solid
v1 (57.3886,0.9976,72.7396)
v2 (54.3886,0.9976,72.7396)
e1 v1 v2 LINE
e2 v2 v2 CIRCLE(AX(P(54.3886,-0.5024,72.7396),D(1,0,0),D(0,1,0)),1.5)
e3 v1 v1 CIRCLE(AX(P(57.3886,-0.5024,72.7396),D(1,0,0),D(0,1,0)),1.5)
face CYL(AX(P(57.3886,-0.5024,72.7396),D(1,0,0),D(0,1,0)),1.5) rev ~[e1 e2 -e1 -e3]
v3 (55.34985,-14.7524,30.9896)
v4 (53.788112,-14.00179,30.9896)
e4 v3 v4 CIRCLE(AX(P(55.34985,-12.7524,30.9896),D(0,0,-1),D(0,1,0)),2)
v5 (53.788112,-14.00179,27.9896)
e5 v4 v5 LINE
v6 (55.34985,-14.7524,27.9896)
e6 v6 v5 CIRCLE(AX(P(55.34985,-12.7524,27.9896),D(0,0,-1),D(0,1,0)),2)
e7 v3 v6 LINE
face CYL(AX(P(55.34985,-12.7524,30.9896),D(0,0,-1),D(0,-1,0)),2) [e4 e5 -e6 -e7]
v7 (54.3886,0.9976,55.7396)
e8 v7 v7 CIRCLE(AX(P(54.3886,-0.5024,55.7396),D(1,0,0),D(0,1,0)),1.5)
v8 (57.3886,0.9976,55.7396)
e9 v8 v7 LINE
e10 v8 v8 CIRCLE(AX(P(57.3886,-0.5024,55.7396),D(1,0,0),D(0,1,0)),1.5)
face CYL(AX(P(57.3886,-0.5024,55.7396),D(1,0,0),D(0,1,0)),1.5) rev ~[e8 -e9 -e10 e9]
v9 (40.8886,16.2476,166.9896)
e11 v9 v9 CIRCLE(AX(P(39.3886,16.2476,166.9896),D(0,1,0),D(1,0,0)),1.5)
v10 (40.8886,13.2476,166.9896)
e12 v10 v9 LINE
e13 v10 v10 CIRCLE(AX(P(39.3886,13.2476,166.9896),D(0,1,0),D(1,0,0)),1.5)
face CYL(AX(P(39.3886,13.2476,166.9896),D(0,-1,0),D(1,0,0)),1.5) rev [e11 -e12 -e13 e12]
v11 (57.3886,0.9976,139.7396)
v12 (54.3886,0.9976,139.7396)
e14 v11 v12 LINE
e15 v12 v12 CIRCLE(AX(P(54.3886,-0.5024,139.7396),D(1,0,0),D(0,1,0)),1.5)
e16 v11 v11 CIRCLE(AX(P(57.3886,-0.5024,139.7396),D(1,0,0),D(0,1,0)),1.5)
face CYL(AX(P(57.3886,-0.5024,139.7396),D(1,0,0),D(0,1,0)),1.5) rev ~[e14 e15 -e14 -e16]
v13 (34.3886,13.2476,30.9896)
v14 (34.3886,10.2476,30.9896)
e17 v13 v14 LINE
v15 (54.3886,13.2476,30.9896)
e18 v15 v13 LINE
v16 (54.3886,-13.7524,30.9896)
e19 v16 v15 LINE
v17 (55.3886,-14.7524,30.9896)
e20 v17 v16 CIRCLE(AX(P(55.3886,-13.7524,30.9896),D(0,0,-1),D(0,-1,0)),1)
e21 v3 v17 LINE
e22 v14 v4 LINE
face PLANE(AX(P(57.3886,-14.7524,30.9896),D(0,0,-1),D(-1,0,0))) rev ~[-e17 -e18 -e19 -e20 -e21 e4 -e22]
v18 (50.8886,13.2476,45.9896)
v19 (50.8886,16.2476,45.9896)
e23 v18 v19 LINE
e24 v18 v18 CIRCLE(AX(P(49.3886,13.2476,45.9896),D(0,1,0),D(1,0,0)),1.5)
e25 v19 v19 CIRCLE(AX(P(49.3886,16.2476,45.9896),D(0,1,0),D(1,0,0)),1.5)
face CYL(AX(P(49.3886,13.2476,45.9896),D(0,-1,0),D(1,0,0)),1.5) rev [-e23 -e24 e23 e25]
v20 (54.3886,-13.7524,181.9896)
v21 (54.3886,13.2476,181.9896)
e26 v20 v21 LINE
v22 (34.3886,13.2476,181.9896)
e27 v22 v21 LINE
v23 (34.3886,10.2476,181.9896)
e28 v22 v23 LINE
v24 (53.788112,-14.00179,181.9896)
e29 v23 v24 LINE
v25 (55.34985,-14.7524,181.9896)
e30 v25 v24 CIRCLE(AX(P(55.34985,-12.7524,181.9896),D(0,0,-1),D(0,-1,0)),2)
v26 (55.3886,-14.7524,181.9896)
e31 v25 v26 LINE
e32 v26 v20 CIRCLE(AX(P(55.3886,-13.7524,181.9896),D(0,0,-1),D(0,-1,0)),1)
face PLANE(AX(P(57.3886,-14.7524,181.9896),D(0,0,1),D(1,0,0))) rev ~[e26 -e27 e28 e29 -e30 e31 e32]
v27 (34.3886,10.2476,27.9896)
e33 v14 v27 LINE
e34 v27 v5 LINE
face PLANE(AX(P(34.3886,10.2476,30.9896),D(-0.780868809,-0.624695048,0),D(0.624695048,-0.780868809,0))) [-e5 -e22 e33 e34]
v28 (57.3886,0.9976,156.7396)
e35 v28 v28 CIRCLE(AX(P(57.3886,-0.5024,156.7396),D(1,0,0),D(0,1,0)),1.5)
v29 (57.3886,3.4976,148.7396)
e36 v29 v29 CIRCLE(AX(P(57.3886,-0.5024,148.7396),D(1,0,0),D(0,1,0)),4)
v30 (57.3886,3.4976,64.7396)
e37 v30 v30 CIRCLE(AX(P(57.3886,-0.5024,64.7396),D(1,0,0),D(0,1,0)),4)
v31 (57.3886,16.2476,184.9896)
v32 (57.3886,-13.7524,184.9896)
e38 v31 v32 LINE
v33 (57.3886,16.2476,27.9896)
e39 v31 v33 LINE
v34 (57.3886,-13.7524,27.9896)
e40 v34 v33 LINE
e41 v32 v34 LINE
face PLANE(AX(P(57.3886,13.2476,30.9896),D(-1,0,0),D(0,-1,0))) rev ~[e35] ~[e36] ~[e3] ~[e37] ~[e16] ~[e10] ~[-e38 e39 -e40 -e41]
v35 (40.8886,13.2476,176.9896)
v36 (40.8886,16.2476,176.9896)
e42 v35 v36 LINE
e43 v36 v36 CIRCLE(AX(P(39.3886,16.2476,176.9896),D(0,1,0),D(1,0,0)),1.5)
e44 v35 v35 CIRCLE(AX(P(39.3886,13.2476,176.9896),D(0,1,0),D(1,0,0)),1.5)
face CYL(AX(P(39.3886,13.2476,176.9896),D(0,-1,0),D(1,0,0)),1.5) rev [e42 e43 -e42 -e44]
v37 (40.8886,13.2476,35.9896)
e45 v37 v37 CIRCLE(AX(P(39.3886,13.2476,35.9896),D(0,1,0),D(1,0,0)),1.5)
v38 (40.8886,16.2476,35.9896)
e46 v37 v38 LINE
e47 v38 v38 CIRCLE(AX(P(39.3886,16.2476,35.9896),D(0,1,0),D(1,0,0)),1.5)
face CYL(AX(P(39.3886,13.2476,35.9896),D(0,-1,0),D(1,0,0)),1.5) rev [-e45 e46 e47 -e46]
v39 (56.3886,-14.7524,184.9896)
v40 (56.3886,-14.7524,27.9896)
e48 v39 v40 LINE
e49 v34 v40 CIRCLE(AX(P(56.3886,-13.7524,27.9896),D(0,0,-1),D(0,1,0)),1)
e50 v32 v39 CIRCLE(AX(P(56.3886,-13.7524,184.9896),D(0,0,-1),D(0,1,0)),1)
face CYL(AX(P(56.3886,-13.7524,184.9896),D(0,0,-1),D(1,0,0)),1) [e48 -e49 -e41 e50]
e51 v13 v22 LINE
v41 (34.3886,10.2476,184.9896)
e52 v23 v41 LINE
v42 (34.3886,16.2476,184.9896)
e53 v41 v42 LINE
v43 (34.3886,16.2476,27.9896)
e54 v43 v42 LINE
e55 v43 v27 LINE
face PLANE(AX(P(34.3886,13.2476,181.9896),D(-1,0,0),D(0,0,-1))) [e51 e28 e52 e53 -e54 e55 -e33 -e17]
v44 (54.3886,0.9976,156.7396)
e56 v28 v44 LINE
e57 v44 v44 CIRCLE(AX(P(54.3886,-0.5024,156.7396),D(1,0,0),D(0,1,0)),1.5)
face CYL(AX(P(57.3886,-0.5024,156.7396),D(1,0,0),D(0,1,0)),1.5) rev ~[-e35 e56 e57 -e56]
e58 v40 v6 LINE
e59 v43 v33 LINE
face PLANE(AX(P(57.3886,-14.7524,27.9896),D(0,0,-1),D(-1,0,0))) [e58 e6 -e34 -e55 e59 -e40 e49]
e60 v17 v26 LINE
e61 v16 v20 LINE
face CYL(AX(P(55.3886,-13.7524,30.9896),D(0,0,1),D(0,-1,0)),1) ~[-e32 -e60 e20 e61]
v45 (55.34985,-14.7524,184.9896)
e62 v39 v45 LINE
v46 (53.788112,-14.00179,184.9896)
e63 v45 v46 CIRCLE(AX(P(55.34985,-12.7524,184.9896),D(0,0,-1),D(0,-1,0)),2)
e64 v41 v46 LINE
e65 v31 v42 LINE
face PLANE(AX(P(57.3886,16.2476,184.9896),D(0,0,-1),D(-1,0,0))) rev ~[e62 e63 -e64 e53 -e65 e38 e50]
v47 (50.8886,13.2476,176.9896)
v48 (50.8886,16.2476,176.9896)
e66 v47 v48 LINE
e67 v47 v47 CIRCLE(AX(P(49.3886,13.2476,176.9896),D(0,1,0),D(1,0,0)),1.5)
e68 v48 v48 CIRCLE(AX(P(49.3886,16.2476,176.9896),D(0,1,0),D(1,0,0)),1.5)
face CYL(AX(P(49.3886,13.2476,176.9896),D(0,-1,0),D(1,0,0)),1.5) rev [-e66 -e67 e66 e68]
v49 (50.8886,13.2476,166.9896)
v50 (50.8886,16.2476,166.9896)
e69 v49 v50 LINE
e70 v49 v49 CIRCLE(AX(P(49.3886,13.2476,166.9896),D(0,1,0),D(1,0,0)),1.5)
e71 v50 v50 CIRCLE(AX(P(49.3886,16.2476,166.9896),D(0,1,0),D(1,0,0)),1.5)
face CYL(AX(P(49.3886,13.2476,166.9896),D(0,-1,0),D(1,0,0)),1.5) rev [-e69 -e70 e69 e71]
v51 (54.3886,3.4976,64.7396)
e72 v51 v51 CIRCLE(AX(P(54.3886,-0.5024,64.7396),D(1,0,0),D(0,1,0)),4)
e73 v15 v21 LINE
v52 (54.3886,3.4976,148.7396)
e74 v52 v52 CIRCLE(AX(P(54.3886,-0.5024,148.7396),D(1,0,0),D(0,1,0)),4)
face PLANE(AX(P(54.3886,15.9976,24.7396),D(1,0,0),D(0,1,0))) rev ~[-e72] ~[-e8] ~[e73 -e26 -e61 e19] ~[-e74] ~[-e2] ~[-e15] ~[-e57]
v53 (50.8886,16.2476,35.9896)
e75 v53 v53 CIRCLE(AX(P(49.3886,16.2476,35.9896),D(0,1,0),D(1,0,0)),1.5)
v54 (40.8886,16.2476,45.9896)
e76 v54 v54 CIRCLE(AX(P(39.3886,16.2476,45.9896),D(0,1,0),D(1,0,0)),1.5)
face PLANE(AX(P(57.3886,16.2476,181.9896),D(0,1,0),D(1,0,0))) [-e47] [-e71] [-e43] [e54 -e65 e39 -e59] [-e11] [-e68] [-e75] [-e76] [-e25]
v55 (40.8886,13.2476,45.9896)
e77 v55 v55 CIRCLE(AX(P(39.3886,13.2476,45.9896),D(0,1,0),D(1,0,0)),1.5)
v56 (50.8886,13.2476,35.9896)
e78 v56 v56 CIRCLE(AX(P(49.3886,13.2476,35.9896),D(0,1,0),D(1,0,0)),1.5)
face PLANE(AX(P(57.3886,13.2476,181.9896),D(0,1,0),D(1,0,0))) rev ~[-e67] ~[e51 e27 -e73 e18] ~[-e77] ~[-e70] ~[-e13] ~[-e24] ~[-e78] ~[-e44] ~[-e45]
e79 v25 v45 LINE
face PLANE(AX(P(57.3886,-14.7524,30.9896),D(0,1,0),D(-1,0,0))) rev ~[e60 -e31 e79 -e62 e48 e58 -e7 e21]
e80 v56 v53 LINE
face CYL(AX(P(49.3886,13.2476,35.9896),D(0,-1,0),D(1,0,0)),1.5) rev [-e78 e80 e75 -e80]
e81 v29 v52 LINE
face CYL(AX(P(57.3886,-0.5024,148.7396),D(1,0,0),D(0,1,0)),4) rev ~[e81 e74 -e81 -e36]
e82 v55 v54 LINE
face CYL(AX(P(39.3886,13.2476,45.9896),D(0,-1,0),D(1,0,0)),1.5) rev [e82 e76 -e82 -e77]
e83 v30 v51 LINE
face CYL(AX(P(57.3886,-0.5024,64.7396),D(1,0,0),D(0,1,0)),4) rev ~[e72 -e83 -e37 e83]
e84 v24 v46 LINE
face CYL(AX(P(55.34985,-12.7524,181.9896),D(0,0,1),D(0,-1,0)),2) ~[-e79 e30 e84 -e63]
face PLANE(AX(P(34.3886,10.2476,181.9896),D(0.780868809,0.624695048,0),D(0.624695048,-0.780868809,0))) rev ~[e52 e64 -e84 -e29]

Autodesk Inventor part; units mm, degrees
ref_plane "YZ Plane" through (0, 0, 0) normal (1, 0, 0) x (0, 1, 0)
ref_plane "XZ Plane" through (0, 0, 0) normal (0, 1, 0) x (-1, 0, 0)
ref_plane "XY Plane" through (0, 0, 0) normal (0, 0, 1) x (1, 0, 0)
ref_plane "РабПлоскость1" through (57.3886, 15.9976, 24.7396) normal (1, 0, 0) x (0, 1, 0)
sketch "Эскиз1" plane through (57.3886, 15.9976, 24.7396) normal (1, 0, 0) x (0, 1, 0)
  circle A0 centre (-16.5, 48) radius 1.5
  circle A1 centre (-16.5, 31) radius 1.5
  circle A2 centre (-16.5, 40) radius 4
  circle A3 centre (-16.5, 40) radius 12.75
  circle A4 centre (-16.5, 132) radius 1.5
  circle A5 centre (-16.5, 115) radius 1.5
  circle A6 centre (-16.5, 124) radius 4
  circle A7 centre (-16.5, 124) radius 12.75
  line L0 (-3.75, 40) -> (-2.75, 40)
  line L1 (-30.75, 6.25) -> (-30.75, 157.25)
  line L2 (-30.75, 157.25) -> (-2.75, 157.25)
  line L3 (-30.75, 6.25) -> (0.25, 6.25)
  line L4 (0.25, 6.25) -> (0.25, 157.25)
  line L5 (0.25, 157.25) -> (-30.75, 157.25)
  line L6 (-30.75, 157.25) -> (-30.75, 6.25)
  point P0 (-15.9976, -24.7396)
  point P1 (-15.5, 28.25)
  point P2 (-2.75, 157.25)
  dimension "d15" = 25.5
  dimension "d43" = 25.5
  dimension "d44" = 1
  dimension "d45" = 28
  dimension "d46" = 151
  dimension "d79" = 31
ref_plane "РабПлоскость2" through (57.3886, 13.2476, 181.9896) normal (0, 1, 0) x (1, 0, 0)
sketch "Эскиз5" plane through (57.3886, 13.2476, 181.9896) normal (0, 1, 0) x (1, 0, 0)
  line L0 (-3, 0) -> (-23, 0)
  line L1 (-23, 0) -> (-23, 20)
  line L2 (-3, 20) -> (-3, 0)
  line L3 (-3, 151) -> (-3, 0) projected
  line L4 (-23, 0) -> (-3, 0)
  line L5 (-3, 0) -> (-3, 5)
  line L6 (-23, 5) -> (-23, 0)
  line L7 (-23, 0) -> (-18, 0)
  line L8 (-23, 20) -> (-23, 0)
  line L9 (-3, 20) -> (-3, 15)
  line L10 (-23, 15) -> (-23, 20)
  line L11 (-8, 0) -> (-3, 0)
  line L12 (-3, 0) -> (-3, 20)
  circle A0 centre (-18, 5) radius 1.5
  circle A1 centre (-18, 15) radius 1.5
  circle A2 centre (-8, 15) radius 1.5
  circle A3 centre (-8, 5) radius 1.5
  line L13 (-3, 151) -> (-23, 151)
  line L14 (-23, 151) -> (-23, 131)
  line L15 (-3, 131) -> (-3, 151)
  line L16 (-3, 151) -> (-23, 151)
  line L17 (-23, 151) -> (-23, 146)
  line L18 (-3, 146) -> (-3, 151)
  line L19 (-23, 151) -> (-18, 151)
  line L20 (-23, 131) -> (-23, 151)
  line L21 (-3, 131) -> (-3, 136)
  line L22 (-23, 136) -> (-23, 131)
  line L23 (-8, 151) -> (-3, 151)
  line L24 (-3, 151) -> (-3, 131)
  circle A4 centre (-18, 136) radius 1.5
  circle A5 centre (-18, 146) radius 1.5
  circle A6 centre (-8, 146) radius 1.5
  circle A7 centre (-8, 136) radius 1.5
  line L25 (-23, 20) -> (-23, 131)
  line L26 (-3, 20) -> (-3, 131)
  point P0 (-57.3886, 181.9896)
  point P1 (-23, 131)
ref_plane "РабПлоскость3" through (57.3886, -14.7524, 181.9896) normal (0, 0, 1) x (1, 0, 0)
sketch "Эскиз6" plane through (57.3886, -14.7524, 181.9896) normal (0, 0, 1) x (1, 0, 0)
  line L0 (-3, 28) -> (-23, 28) projected
  line L1 (-3, 25) -> (-23, 25) projected
  line L2 (-23, 28) -> (-23, 25)
  line L3 (0, 0) -> (-3, 0) projected
  line L4 (-23, 25) -> (-3, 0)
  line L5 (-3, 0) -> (0, 0)
  line L6 (0, 28) -> (0, 0) projected
  line L7 (0, 0) -> (0, 28)
  line L8 (0, 28) -> (-23, 28)
  point P0 (-57.3886, 14.7524)
ref_plane "РабПлоскость4" through (57.3886, -14.7524, 30.9896) normal (0, 0, -1) x (-1, 0, 0)
sketch "Эскиз7" plane through (57.3886, -14.7524, 30.9896) normal (0, 0, -1) x (-1, 0, 0)
  line L0 (0, 28) -> (0, 0) projected
  line L1 (3, 28) -> (23, 28) projected
  line L2 (0, 28) -> (23, 28)
  line L3 (3, 25) -> (23, 25) projected
  line L4 (23, 28) -> (23, 25)
  line L5 (0, 0) -> (3, 0) projected
  line L6 (23, 25) -> (3, 0)
  line L7 (3, 0) -> (0, 0)
  line L8 (0, 0) -> (0, 28)
  point P0 (57.3886, 14.7524)
extrude "Выдавливание8" add sketch "Эскиз7" along normal blind 3
extrude "Выдавливание9" add sketch "Эскиз6" along normal blind 3
extrude "Выдавливание10" add sketch "Эскиз1" against normal blind 3 contours A3 | A7 | L1 L2 L5 L4 L3
extrude "Выдавливание11" add sketch "Эскиз5" along normal blind 3
sketch "Эскиз8" plane through (57.3886, 16.2476, 181.9896) normal (0, 1, 0) x (1, 0, 0)
  line L0 (0, 151) -> (0, 154) projected
  line L1 (-23, 154) -> (0, 154) projected
  line L2 (0, 151) -> (-23, 151)
  line L3 (-23, 151) -> (-23, 154)
  line L4 (-23, 154) -> (0, 154)
  line L5 (0, 154) -> (0, 151)
  line L6 (0, 0) -> (0, -3) projected
  line L7 (0, -3) -> (-23, -3) projected
  line L8 (0, 0) -> (-23, 0)
  line L9 (-23, 0) -> (-23, -3)
  line L10 (-23, -3) -> (0, -3)
  line L11 (0, -3) -> (0, 0)
  point P0 (-57.3886, 181.9896)
extrude "Выдавливание12" add sketch "Эскиз8" against normal blind 3
fillet "Сопряжение7" radius 1 1 edges at (57.3886, -14.7524, 106.4896)
fillet "Сопряжение8" radius 1 1 edges at (54.3886, -14.7524, 106.4896)
fillet "Сопряжение9" radius 2 1 edges at (54.3886, -14.7524, 183.4896)
fillet "Сопряжение10" radius 2 1 edges at (54.3886, -14.7524, 29.4896)
properties part number "крепёж_мотора_f"
